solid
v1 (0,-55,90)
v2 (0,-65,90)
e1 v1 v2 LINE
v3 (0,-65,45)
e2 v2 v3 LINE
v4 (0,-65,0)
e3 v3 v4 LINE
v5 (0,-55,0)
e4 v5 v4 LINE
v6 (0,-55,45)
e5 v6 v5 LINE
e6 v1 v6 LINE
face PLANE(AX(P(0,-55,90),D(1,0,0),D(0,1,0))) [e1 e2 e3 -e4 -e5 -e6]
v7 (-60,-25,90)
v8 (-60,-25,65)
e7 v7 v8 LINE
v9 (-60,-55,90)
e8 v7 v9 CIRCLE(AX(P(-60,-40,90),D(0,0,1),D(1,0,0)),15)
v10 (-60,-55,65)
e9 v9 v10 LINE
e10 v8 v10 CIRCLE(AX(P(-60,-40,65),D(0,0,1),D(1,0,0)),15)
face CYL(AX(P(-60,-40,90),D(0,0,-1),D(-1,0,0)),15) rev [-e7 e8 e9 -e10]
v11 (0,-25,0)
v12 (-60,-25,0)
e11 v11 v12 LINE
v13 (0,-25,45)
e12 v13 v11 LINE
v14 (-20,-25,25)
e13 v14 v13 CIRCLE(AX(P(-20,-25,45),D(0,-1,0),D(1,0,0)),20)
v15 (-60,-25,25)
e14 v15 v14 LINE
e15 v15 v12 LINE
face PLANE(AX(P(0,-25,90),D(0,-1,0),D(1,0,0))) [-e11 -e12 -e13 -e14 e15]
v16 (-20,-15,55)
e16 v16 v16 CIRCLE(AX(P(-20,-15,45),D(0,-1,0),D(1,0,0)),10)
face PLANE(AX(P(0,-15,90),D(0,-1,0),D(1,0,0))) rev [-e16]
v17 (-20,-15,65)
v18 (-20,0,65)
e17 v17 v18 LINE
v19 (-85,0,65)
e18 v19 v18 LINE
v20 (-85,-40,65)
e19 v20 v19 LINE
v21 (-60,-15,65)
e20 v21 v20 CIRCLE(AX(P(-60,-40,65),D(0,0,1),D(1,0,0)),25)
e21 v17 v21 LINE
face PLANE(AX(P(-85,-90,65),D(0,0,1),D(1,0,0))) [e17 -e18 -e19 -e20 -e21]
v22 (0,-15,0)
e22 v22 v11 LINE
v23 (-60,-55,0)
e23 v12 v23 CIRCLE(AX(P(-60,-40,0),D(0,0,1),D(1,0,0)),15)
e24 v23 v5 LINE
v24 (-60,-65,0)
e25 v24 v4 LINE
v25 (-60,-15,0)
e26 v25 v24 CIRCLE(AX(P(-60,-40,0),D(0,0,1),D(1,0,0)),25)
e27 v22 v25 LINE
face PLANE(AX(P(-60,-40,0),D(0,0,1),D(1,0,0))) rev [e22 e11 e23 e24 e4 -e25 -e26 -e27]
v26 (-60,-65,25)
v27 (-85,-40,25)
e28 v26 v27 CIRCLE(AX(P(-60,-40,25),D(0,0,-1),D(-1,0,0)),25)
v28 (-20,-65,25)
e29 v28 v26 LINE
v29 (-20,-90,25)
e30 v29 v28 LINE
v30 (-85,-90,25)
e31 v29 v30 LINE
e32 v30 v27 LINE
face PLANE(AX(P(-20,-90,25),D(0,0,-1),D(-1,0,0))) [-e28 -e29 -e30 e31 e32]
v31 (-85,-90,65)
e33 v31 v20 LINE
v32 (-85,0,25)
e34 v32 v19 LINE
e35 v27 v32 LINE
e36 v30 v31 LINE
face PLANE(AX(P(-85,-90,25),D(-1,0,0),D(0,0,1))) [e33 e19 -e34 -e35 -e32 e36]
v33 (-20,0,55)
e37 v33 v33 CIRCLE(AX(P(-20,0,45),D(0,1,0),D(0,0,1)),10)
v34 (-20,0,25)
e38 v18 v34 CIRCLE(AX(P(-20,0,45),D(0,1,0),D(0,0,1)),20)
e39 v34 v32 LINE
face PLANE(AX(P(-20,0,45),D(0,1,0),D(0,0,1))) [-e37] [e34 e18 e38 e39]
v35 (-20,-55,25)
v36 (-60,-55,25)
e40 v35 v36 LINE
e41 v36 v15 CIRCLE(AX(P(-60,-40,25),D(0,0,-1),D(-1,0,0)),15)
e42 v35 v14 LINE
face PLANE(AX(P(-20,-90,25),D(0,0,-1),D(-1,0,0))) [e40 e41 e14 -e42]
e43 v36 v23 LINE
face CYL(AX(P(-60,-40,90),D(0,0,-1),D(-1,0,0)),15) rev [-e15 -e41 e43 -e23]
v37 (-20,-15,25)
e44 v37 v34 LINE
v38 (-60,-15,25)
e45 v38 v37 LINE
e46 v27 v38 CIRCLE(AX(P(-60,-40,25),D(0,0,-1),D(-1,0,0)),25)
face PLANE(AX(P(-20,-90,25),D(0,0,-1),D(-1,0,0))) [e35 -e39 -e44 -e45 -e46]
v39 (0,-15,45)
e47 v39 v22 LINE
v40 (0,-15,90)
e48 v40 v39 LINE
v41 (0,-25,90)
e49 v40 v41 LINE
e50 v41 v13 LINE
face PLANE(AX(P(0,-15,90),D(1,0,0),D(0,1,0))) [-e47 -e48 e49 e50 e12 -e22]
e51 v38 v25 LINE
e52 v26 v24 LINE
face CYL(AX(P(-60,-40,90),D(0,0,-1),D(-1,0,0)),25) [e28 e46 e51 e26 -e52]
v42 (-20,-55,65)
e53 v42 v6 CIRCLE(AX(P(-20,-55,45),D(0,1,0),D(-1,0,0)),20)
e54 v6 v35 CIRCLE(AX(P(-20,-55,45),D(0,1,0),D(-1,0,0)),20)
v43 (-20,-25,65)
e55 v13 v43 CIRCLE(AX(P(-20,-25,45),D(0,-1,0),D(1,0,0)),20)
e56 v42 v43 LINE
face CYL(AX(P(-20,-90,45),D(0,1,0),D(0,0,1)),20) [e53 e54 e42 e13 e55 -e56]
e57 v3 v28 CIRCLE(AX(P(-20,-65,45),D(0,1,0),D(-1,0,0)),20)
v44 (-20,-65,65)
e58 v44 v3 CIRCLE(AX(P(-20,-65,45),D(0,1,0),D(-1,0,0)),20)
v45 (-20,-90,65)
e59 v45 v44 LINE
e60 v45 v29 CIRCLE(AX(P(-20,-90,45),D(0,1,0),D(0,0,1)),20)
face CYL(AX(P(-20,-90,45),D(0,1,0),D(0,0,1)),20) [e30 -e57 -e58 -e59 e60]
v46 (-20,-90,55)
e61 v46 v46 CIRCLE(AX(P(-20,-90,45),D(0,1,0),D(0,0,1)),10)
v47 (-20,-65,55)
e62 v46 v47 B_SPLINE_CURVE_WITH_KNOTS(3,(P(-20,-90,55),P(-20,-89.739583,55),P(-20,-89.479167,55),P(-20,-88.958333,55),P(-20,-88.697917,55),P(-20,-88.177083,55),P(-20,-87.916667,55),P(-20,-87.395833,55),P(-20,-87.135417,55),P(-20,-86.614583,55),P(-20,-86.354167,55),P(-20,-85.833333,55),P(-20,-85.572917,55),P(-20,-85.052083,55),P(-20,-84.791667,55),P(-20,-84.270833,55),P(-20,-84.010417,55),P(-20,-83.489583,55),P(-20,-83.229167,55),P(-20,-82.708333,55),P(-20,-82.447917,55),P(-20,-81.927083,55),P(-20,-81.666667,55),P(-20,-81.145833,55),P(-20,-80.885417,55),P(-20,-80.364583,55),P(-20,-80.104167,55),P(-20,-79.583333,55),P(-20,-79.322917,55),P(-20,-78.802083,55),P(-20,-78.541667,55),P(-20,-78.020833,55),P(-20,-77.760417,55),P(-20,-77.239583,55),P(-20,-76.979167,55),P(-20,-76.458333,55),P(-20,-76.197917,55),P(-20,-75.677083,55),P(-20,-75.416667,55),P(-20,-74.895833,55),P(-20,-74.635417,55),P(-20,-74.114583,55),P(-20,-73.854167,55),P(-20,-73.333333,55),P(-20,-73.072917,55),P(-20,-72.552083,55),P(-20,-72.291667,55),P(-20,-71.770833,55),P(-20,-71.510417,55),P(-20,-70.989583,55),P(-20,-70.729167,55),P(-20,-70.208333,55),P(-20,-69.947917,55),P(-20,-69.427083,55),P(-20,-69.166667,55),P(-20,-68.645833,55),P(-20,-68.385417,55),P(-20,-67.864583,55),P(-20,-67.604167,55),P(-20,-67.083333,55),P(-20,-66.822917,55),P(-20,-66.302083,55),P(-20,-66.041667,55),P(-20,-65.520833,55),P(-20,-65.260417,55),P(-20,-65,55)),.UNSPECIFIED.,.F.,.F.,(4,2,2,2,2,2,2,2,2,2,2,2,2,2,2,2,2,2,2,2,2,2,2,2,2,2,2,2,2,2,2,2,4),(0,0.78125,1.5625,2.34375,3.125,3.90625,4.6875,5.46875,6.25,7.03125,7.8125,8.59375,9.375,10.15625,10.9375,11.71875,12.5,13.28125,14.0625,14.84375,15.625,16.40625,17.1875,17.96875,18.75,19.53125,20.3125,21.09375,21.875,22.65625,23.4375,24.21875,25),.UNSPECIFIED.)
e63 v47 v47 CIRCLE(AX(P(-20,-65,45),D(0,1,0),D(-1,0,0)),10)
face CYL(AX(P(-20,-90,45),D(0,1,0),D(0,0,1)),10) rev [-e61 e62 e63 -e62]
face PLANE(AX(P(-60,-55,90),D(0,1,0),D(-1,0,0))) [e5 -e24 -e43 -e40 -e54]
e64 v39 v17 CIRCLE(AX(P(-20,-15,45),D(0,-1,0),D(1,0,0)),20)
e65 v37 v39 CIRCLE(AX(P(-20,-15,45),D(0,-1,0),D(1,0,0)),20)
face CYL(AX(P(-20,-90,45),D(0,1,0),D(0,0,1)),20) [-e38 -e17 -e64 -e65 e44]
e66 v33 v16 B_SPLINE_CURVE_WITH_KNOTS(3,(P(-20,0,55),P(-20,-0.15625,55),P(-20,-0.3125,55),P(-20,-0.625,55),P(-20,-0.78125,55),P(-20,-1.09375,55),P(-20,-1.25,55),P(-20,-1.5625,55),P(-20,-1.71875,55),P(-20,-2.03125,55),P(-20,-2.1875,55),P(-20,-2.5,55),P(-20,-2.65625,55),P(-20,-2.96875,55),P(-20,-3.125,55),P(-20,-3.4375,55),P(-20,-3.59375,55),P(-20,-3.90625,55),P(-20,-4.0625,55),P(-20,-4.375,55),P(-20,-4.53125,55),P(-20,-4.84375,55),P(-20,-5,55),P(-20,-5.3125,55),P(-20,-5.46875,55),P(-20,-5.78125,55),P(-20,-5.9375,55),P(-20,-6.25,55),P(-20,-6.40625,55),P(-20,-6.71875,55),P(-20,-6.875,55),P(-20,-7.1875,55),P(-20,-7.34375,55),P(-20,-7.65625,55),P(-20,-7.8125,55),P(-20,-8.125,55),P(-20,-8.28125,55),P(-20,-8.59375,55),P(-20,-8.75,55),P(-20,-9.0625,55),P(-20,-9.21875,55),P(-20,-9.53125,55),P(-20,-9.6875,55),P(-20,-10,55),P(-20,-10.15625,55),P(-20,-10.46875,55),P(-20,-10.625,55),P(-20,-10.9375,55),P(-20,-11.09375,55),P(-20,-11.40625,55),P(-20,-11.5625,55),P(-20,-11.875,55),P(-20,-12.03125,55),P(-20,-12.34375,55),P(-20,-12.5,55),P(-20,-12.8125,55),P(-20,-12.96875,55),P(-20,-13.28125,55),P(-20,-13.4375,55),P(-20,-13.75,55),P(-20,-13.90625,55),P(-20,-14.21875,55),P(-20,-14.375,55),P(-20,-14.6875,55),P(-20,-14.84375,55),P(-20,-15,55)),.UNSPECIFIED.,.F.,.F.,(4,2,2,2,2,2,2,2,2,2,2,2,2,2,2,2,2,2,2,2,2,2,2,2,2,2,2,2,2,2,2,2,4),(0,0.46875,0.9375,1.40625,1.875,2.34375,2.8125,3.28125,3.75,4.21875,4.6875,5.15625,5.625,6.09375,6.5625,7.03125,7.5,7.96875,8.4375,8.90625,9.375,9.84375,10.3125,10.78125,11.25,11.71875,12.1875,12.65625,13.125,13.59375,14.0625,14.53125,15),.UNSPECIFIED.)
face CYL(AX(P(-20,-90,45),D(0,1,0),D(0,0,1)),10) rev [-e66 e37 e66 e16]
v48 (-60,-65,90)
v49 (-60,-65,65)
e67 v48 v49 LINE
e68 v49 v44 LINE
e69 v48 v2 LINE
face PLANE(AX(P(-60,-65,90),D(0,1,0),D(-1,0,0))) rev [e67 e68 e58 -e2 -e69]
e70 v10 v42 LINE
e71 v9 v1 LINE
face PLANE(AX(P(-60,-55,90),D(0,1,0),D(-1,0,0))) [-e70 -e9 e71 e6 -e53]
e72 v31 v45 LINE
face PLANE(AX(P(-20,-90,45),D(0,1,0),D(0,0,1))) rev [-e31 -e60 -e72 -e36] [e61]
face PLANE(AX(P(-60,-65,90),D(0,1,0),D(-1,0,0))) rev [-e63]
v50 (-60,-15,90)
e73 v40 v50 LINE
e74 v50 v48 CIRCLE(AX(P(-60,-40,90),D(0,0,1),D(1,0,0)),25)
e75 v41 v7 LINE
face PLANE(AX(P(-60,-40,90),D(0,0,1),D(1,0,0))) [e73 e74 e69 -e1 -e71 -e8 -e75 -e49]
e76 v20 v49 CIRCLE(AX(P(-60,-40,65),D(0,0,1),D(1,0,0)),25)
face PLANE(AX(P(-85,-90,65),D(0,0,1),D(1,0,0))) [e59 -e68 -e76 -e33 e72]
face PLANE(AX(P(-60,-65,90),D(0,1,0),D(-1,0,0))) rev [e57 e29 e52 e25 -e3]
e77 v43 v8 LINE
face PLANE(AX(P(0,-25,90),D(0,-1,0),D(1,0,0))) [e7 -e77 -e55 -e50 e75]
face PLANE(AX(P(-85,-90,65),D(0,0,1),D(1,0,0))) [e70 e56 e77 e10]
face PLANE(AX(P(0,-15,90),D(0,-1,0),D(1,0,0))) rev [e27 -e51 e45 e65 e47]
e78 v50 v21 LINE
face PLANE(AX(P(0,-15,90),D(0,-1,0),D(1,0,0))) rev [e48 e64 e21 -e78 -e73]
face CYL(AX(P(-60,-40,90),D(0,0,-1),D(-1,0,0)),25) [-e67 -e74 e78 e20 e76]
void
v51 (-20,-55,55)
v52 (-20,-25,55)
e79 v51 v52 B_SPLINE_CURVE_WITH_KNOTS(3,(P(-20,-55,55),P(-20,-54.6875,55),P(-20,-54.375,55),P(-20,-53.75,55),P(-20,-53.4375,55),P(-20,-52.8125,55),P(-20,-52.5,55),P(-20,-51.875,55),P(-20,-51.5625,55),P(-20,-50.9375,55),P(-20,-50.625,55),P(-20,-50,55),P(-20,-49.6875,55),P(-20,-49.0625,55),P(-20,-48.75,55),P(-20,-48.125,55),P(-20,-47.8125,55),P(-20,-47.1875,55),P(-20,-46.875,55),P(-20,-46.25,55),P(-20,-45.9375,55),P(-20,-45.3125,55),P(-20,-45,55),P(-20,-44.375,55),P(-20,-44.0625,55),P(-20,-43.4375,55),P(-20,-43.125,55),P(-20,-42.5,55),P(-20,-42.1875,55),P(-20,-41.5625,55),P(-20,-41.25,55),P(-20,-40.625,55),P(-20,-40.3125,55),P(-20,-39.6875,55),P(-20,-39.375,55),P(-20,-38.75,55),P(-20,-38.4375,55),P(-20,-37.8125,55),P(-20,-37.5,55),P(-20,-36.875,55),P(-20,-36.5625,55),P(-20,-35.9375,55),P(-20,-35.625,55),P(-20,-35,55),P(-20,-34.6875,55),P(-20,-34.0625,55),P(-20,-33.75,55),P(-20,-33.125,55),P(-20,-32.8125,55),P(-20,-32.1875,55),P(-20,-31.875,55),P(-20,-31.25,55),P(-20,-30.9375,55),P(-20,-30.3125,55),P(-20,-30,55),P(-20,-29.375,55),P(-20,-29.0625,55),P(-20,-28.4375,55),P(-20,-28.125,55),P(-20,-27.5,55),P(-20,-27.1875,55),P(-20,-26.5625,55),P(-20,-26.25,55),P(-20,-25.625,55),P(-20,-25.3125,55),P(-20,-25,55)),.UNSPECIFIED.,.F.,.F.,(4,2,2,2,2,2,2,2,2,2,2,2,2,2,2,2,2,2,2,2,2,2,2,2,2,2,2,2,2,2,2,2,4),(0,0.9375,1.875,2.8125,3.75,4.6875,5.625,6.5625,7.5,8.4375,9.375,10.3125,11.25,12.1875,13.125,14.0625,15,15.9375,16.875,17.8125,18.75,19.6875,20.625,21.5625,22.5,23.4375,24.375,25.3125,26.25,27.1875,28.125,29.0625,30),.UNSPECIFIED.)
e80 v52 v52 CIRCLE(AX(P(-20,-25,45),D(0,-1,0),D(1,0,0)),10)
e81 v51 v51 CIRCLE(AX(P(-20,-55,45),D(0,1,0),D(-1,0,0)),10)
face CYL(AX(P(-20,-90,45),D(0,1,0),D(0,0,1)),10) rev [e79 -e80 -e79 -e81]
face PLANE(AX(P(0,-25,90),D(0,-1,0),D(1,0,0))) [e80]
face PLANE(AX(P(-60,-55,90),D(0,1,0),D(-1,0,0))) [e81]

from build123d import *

# Parameters (mm, degrees)
EXTRUDE_THIN1_DEPTH = 90
SKETCH2_R           = 10
BOSS_EXTRUDE1_DEPTH = 90


with BuildPart() as part:
    # Sketch1 → Extrude-Thin1 (new body)
    with BuildSketch(Plane.XY):
        with BuildLine():
            Line((0, -15), (-60, -15))
            ThreePointArc((-60, -15), (-85, -40), (-60, -65))
            Line((-60, -65), (0, -65))
            Line((0, -65), (0, -55))
            Line((0, -55), (-60, -55))
            ThreePointArc((-60, -55), (-75, -40), (-60, -25))
            Line((-60, -25), (0, -25))
            Line((0, -25), (0, -15))
        make_face()
    extrude(amount=EXTRUDE_THIN1_DEPTH)


with BuildPart() as body_2:
    # Sketch2 → Boss-Extrude1 (new body)
    with BuildSketch(Plane(origin=(0, 0, 0), x_dir=(1, 0, 0), z_dir=(0, 1, 0))):
        with BuildLine():
            Line((-85, -25), (-85, -65))
            Line((-85, -65), (-20, -65))
            ThreePointArc((-20, -65), (0, -45), (-20, -25))
            Line((-20, -25), (-85, -25))
        make_face()
        with Locations((-20, -45)):
            Circle(SKETCH2_R, mode=Mode.SUBTRACT)
    extrude(amount=-BOSS_EXTRUDE1_DEPTH)


with BuildPart() as part_1:
    add(part.part)

    # official_combine_multi_inter: union body 2
    add(body_2.part)


solid = part_1.part
